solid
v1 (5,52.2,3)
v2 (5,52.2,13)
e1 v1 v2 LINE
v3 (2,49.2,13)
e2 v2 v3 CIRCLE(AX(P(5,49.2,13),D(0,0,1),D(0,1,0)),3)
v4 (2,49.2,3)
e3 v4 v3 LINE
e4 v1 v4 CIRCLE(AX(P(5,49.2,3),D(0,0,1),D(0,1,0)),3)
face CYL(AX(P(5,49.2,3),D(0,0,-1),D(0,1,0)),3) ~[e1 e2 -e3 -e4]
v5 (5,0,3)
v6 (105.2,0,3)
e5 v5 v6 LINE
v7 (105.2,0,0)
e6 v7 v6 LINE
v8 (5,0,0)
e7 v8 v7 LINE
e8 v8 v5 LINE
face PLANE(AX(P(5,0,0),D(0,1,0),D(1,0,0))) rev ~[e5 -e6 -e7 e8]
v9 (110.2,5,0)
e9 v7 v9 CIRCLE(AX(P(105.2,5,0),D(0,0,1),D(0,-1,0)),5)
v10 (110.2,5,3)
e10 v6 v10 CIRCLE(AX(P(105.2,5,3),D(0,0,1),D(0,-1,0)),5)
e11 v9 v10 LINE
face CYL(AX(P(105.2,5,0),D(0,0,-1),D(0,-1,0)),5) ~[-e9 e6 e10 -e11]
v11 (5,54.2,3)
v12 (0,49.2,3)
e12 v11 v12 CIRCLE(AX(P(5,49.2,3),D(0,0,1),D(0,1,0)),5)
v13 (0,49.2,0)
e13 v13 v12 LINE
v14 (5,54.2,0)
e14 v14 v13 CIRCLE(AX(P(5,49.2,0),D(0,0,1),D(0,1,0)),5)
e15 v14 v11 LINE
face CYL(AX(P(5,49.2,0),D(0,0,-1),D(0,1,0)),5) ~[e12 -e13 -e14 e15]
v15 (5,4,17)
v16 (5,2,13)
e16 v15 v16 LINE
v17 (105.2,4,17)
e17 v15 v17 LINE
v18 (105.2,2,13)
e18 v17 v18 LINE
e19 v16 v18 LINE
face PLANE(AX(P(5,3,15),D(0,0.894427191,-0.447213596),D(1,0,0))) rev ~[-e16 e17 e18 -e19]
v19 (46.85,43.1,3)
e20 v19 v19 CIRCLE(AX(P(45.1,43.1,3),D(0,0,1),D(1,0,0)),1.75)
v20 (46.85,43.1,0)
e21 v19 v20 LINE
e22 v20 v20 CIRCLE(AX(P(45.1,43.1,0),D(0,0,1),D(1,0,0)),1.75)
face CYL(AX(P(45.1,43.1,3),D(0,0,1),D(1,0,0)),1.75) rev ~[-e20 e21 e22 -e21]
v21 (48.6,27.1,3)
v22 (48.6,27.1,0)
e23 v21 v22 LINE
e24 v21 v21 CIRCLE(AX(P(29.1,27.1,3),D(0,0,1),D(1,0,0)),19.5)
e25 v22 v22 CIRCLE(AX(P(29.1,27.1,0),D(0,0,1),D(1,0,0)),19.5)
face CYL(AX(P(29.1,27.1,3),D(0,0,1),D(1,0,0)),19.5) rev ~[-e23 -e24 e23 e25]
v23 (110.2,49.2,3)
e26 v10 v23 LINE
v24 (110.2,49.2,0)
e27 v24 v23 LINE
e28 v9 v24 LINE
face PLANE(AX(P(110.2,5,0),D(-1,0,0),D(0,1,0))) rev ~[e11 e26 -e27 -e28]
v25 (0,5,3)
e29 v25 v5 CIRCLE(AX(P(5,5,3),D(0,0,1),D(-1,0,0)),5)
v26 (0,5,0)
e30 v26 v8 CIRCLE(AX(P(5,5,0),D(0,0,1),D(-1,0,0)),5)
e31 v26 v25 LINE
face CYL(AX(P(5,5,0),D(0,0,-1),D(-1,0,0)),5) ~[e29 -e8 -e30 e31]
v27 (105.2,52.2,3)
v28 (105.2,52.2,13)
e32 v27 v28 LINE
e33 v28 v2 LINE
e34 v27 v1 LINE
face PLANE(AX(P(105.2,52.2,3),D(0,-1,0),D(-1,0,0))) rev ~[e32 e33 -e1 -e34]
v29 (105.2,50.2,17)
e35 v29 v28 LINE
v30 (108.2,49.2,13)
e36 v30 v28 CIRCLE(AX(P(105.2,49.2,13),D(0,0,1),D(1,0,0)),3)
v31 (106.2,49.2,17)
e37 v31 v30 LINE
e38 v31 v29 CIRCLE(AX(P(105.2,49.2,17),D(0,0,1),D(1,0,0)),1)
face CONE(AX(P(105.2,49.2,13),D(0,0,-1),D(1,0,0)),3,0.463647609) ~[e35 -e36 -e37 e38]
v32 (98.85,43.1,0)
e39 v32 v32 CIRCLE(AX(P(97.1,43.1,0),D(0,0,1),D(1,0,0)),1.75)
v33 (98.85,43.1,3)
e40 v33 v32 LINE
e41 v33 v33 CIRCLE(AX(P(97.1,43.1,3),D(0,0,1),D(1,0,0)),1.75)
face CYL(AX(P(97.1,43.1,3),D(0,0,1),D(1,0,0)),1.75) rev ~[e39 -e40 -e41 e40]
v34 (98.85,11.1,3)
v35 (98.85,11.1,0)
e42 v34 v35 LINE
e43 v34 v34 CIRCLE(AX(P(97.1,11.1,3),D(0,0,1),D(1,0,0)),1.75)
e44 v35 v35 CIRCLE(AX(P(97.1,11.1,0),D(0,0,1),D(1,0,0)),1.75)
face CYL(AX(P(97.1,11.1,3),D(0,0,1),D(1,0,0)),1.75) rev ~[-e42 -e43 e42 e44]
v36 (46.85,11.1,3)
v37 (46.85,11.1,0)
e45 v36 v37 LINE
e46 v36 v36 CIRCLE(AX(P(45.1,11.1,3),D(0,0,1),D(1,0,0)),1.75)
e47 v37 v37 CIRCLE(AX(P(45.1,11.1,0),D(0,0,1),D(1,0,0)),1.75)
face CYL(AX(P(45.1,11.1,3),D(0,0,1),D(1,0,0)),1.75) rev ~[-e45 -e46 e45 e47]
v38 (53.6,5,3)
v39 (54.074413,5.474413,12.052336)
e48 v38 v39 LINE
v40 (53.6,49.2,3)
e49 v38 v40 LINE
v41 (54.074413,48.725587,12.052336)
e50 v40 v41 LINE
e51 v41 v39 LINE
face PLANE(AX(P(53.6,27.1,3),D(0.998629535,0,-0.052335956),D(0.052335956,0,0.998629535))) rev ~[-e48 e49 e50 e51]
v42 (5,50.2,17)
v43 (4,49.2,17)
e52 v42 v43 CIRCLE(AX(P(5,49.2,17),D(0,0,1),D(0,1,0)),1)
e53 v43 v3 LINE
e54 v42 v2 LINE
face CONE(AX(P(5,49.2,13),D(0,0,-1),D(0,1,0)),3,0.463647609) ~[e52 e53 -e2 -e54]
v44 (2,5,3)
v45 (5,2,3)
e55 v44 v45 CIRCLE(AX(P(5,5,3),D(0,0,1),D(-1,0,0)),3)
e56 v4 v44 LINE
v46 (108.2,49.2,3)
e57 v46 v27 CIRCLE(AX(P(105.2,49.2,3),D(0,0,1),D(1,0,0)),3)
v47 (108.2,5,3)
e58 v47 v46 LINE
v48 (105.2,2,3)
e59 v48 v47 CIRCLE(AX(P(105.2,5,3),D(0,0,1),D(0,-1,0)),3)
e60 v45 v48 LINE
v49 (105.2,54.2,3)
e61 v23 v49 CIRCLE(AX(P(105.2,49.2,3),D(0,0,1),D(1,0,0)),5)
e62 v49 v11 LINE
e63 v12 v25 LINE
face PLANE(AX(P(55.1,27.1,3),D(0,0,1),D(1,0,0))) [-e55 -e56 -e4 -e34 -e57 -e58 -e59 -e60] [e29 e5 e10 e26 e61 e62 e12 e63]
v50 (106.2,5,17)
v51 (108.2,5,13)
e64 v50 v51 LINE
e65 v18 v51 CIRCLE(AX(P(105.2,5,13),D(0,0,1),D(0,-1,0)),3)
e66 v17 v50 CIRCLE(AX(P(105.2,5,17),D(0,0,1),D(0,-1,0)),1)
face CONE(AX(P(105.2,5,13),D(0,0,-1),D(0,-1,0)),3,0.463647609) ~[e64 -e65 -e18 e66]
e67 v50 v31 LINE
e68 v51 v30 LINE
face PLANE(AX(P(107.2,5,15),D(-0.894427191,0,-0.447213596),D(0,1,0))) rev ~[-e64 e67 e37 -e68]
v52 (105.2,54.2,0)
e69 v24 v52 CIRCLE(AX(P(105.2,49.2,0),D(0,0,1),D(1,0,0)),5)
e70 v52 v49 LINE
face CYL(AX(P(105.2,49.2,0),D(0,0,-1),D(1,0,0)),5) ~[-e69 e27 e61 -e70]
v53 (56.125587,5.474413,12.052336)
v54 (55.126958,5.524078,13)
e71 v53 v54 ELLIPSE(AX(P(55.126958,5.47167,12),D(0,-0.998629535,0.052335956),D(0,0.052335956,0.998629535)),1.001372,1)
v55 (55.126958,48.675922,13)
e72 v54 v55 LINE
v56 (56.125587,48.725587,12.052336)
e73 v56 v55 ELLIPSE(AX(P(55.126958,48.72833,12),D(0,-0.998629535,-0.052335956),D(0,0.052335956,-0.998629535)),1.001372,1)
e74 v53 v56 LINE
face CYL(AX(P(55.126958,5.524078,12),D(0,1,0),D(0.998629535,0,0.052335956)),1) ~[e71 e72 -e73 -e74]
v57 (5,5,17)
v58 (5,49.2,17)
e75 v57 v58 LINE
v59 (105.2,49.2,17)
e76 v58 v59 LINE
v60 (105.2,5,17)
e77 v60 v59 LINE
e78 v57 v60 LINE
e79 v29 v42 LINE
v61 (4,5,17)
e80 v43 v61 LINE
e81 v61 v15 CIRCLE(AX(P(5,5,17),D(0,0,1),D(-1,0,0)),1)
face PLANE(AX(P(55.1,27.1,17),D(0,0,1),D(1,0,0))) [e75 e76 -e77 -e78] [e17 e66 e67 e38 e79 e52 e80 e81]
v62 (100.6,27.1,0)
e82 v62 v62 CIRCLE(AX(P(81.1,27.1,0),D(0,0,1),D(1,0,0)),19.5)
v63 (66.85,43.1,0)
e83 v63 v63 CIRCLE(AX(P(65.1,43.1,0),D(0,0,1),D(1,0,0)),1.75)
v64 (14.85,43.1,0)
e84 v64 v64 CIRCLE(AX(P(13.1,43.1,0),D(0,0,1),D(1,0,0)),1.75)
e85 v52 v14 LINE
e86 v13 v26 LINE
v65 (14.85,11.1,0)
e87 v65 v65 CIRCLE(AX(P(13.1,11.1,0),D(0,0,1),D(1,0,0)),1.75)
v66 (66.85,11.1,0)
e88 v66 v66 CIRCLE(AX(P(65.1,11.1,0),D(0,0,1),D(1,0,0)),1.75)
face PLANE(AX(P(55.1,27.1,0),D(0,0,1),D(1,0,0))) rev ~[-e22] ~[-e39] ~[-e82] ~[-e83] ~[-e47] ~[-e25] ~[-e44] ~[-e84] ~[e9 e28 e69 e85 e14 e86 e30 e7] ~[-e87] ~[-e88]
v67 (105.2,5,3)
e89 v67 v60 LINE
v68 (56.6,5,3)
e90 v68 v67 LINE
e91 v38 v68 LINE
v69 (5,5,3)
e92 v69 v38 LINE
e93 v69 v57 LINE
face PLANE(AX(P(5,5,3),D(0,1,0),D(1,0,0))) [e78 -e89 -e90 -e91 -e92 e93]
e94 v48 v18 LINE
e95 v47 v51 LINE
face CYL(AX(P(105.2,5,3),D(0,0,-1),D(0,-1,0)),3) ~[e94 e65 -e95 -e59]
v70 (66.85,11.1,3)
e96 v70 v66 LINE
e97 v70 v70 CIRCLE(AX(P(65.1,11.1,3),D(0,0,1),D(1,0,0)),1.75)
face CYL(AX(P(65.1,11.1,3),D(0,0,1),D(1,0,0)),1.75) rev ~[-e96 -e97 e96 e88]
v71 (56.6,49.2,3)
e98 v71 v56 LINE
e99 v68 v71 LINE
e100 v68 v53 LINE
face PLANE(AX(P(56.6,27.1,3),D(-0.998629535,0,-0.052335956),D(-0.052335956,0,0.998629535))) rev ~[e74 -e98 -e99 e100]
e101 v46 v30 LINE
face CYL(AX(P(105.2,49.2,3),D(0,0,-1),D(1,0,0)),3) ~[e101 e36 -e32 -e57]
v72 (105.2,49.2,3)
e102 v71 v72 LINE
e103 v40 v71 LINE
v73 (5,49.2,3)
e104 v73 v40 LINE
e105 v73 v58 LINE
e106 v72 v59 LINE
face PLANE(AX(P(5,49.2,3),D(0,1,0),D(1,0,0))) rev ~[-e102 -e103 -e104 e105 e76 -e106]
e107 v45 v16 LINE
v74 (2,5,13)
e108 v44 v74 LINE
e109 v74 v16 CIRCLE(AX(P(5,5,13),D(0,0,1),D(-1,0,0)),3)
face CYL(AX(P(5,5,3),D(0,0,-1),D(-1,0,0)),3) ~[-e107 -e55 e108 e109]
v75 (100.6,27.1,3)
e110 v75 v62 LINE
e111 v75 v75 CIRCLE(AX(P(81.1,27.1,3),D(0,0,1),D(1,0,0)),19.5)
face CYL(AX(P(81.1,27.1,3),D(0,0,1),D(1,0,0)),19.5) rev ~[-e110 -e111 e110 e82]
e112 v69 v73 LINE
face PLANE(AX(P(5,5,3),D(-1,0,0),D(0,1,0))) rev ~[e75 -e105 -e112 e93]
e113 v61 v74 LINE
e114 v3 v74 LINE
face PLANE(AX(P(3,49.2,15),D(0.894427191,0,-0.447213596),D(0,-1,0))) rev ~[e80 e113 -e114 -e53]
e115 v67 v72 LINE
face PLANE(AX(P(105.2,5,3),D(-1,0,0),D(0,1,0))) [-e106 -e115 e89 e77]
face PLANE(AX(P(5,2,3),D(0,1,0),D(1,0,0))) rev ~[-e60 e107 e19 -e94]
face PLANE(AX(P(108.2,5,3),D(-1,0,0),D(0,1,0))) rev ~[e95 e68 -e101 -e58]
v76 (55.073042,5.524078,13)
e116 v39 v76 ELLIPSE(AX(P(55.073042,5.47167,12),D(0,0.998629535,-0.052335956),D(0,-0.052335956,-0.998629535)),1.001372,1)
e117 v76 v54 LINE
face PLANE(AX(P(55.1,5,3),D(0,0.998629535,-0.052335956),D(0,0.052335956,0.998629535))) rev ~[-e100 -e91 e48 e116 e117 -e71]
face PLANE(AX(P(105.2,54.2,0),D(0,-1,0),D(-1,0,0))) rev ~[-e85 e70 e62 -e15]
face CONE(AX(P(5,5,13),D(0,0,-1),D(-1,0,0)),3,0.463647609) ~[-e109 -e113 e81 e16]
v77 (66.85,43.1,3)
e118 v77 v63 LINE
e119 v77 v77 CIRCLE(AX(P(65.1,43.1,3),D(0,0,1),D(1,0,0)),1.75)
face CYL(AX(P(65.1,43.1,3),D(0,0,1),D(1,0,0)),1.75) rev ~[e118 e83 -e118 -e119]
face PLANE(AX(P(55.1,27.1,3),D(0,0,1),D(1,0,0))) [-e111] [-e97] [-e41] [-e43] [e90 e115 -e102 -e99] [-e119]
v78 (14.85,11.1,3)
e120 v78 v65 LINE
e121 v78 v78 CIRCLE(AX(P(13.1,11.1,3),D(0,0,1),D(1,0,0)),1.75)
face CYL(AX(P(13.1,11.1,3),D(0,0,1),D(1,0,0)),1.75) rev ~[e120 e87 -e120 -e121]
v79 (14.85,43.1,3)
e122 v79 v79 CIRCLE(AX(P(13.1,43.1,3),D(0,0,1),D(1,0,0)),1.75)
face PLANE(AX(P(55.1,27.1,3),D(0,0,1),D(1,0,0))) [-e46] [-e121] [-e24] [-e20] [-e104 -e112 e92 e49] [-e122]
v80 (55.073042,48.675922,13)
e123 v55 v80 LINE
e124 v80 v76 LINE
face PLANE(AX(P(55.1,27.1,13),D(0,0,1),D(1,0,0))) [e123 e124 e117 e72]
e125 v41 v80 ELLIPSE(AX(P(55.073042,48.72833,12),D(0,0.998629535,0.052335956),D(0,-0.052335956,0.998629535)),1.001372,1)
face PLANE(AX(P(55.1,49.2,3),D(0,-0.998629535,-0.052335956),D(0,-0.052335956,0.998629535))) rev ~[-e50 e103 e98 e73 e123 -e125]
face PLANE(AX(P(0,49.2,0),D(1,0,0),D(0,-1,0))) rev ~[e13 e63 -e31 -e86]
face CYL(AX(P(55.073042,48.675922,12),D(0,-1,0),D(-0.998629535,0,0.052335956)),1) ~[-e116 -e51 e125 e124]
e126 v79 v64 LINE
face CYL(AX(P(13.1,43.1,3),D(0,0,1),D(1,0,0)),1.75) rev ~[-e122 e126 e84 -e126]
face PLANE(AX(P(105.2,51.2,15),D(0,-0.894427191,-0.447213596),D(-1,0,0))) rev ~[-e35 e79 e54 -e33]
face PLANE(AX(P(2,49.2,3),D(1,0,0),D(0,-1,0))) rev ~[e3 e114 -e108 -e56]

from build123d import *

# Parameters (mm, degrees)
F1_DEPTH = 3
F2_W     = 100.2
F2_H     = 44.2
F3_DEPTH = 14
F4_SIZE2 = 4
F4_SIZE  = 2
F5_R     = 19.5
F5_R_2   = 1.75
F6_DEPTH = 3.001
F7_W     = 3
F7_H     = 44.2
F8_DEPTH = 10
F8_TAPER = 3
F9_R     = 1


with BuildPart() as f1:
    # F0 (on Top) → F1 (new body)
    with BuildSketch(Plane.XY):
        with BuildLine():
            ThreePointArc((0, 5), (1.4644660941, 1.4644660941), (5, 0))
            Line((5, 0), (105.2, 0))
            ThreePointArc((105.2, 0), (108.7355339059, 1.4644660941), (110.2, 5))
            Line((110.2, 5), (110.2, 49.2))
            ThreePointArc((110.2, 49.2), (108.7355339059, 52.7355339059), (105.2, 54.2))
            Line((105.2, 54.2), (5, 54.2))
            ThreePointArc((5, 54.2), (1.4644660941, 52.7355339059), (0, 49.2))
            Line((0, 49.2), (0, 5))
        make_face()
    extrude(amount=F1_DEPTH)

    # F2 (on face) → F3 (join)
    with BuildSketch(Plane.XY.offset(3)):
        with BuildLine():
            ThreePointArc((2, 5), (2.8786796564, 2.8786796564), (5, 2))
            Line((5, 2), (105.2, 2))
            ThreePointArc((105.2, 2), (107.3213203436, 2.8786796564), (108.2, 5))
            Line((108.2, 5), (108.2, 49.2))
            ThreePointArc((108.2, 49.2), (107.3213203436, 51.3213203436), (105.2, 52.2))
            Line((105.2, 52.2), (5, 52.2))
            ThreePointArc((5, 52.2), (2.8786796564, 51.3213203436), (2, 49.2))
            Line((2, 49.2), (2, 5))
        make_face()
        with Locations((55.1, 27.1)):
            Rectangle(F2_W, F2_H, mode=Mode.SUBTRACT)
    extrude(amount=F3_DEPTH)

    # F4
    f4_edges = [f1.edges().sort_by_distance(p)[0] for p in [
        (55.1, 2, 17),
    ]]
    f4_side = f1.faces().sort_by_distance((3.709296, 3.709296, 17))[0]
    chamfer(f4_edges, length=F4_SIZE, length2=F4_SIZE2, reference=f4_side)

    # F5 (on face) → F6 (cut, through all)
    with BuildSketch(Plane.XY.offset(3)):
        with Locations((29.1, 27.1)):
            Circle(F5_R)
        with Locations((13.1, 43.1)):
            Circle(F5_R_2)
        with Locations((13.1, 11.1)):
            Circle(F5_R_2)
        with Locations((45.1, 11.1)):
            Circle(F5_R_2)
        with Locations((45.1, 43.1)):
            Circle(F5_R_2)
        with Locations((81.1, 27.1)):
            Circle(F5_R)
        with Locations((65.1, 43.1)):
            Circle(F5_R_2)
        with Locations((65.1, 11.1)):
            Circle(F5_R_2)
        with Locations((97.1, 11.1)):
            Circle(F5_R_2)
        with Locations((97.1, 43.1)):
            Circle(F5_R_2)
    extrude(amount=-F6_DEPTH, mode=Mode.SUBTRACT)

    # F7 (on face) → F8 (join)
    with BuildSketch(Plane.XY.offset(3)):
        with Locations((55.1, 27.1)):
            Rectangle(F7_W, F7_H)
    extrude(amount=F8_DEPTH, taper=F8_TAPER)

    # F9
    f9_edges = [f1.edges().sort_by_distance(p)[0] for p in [
        (56.075922, 27.1, 13),
        (54.124078, 27.1, 13),
    ]]
    fillet(f9_edges, radius=F9_R)


solid = f1.part
